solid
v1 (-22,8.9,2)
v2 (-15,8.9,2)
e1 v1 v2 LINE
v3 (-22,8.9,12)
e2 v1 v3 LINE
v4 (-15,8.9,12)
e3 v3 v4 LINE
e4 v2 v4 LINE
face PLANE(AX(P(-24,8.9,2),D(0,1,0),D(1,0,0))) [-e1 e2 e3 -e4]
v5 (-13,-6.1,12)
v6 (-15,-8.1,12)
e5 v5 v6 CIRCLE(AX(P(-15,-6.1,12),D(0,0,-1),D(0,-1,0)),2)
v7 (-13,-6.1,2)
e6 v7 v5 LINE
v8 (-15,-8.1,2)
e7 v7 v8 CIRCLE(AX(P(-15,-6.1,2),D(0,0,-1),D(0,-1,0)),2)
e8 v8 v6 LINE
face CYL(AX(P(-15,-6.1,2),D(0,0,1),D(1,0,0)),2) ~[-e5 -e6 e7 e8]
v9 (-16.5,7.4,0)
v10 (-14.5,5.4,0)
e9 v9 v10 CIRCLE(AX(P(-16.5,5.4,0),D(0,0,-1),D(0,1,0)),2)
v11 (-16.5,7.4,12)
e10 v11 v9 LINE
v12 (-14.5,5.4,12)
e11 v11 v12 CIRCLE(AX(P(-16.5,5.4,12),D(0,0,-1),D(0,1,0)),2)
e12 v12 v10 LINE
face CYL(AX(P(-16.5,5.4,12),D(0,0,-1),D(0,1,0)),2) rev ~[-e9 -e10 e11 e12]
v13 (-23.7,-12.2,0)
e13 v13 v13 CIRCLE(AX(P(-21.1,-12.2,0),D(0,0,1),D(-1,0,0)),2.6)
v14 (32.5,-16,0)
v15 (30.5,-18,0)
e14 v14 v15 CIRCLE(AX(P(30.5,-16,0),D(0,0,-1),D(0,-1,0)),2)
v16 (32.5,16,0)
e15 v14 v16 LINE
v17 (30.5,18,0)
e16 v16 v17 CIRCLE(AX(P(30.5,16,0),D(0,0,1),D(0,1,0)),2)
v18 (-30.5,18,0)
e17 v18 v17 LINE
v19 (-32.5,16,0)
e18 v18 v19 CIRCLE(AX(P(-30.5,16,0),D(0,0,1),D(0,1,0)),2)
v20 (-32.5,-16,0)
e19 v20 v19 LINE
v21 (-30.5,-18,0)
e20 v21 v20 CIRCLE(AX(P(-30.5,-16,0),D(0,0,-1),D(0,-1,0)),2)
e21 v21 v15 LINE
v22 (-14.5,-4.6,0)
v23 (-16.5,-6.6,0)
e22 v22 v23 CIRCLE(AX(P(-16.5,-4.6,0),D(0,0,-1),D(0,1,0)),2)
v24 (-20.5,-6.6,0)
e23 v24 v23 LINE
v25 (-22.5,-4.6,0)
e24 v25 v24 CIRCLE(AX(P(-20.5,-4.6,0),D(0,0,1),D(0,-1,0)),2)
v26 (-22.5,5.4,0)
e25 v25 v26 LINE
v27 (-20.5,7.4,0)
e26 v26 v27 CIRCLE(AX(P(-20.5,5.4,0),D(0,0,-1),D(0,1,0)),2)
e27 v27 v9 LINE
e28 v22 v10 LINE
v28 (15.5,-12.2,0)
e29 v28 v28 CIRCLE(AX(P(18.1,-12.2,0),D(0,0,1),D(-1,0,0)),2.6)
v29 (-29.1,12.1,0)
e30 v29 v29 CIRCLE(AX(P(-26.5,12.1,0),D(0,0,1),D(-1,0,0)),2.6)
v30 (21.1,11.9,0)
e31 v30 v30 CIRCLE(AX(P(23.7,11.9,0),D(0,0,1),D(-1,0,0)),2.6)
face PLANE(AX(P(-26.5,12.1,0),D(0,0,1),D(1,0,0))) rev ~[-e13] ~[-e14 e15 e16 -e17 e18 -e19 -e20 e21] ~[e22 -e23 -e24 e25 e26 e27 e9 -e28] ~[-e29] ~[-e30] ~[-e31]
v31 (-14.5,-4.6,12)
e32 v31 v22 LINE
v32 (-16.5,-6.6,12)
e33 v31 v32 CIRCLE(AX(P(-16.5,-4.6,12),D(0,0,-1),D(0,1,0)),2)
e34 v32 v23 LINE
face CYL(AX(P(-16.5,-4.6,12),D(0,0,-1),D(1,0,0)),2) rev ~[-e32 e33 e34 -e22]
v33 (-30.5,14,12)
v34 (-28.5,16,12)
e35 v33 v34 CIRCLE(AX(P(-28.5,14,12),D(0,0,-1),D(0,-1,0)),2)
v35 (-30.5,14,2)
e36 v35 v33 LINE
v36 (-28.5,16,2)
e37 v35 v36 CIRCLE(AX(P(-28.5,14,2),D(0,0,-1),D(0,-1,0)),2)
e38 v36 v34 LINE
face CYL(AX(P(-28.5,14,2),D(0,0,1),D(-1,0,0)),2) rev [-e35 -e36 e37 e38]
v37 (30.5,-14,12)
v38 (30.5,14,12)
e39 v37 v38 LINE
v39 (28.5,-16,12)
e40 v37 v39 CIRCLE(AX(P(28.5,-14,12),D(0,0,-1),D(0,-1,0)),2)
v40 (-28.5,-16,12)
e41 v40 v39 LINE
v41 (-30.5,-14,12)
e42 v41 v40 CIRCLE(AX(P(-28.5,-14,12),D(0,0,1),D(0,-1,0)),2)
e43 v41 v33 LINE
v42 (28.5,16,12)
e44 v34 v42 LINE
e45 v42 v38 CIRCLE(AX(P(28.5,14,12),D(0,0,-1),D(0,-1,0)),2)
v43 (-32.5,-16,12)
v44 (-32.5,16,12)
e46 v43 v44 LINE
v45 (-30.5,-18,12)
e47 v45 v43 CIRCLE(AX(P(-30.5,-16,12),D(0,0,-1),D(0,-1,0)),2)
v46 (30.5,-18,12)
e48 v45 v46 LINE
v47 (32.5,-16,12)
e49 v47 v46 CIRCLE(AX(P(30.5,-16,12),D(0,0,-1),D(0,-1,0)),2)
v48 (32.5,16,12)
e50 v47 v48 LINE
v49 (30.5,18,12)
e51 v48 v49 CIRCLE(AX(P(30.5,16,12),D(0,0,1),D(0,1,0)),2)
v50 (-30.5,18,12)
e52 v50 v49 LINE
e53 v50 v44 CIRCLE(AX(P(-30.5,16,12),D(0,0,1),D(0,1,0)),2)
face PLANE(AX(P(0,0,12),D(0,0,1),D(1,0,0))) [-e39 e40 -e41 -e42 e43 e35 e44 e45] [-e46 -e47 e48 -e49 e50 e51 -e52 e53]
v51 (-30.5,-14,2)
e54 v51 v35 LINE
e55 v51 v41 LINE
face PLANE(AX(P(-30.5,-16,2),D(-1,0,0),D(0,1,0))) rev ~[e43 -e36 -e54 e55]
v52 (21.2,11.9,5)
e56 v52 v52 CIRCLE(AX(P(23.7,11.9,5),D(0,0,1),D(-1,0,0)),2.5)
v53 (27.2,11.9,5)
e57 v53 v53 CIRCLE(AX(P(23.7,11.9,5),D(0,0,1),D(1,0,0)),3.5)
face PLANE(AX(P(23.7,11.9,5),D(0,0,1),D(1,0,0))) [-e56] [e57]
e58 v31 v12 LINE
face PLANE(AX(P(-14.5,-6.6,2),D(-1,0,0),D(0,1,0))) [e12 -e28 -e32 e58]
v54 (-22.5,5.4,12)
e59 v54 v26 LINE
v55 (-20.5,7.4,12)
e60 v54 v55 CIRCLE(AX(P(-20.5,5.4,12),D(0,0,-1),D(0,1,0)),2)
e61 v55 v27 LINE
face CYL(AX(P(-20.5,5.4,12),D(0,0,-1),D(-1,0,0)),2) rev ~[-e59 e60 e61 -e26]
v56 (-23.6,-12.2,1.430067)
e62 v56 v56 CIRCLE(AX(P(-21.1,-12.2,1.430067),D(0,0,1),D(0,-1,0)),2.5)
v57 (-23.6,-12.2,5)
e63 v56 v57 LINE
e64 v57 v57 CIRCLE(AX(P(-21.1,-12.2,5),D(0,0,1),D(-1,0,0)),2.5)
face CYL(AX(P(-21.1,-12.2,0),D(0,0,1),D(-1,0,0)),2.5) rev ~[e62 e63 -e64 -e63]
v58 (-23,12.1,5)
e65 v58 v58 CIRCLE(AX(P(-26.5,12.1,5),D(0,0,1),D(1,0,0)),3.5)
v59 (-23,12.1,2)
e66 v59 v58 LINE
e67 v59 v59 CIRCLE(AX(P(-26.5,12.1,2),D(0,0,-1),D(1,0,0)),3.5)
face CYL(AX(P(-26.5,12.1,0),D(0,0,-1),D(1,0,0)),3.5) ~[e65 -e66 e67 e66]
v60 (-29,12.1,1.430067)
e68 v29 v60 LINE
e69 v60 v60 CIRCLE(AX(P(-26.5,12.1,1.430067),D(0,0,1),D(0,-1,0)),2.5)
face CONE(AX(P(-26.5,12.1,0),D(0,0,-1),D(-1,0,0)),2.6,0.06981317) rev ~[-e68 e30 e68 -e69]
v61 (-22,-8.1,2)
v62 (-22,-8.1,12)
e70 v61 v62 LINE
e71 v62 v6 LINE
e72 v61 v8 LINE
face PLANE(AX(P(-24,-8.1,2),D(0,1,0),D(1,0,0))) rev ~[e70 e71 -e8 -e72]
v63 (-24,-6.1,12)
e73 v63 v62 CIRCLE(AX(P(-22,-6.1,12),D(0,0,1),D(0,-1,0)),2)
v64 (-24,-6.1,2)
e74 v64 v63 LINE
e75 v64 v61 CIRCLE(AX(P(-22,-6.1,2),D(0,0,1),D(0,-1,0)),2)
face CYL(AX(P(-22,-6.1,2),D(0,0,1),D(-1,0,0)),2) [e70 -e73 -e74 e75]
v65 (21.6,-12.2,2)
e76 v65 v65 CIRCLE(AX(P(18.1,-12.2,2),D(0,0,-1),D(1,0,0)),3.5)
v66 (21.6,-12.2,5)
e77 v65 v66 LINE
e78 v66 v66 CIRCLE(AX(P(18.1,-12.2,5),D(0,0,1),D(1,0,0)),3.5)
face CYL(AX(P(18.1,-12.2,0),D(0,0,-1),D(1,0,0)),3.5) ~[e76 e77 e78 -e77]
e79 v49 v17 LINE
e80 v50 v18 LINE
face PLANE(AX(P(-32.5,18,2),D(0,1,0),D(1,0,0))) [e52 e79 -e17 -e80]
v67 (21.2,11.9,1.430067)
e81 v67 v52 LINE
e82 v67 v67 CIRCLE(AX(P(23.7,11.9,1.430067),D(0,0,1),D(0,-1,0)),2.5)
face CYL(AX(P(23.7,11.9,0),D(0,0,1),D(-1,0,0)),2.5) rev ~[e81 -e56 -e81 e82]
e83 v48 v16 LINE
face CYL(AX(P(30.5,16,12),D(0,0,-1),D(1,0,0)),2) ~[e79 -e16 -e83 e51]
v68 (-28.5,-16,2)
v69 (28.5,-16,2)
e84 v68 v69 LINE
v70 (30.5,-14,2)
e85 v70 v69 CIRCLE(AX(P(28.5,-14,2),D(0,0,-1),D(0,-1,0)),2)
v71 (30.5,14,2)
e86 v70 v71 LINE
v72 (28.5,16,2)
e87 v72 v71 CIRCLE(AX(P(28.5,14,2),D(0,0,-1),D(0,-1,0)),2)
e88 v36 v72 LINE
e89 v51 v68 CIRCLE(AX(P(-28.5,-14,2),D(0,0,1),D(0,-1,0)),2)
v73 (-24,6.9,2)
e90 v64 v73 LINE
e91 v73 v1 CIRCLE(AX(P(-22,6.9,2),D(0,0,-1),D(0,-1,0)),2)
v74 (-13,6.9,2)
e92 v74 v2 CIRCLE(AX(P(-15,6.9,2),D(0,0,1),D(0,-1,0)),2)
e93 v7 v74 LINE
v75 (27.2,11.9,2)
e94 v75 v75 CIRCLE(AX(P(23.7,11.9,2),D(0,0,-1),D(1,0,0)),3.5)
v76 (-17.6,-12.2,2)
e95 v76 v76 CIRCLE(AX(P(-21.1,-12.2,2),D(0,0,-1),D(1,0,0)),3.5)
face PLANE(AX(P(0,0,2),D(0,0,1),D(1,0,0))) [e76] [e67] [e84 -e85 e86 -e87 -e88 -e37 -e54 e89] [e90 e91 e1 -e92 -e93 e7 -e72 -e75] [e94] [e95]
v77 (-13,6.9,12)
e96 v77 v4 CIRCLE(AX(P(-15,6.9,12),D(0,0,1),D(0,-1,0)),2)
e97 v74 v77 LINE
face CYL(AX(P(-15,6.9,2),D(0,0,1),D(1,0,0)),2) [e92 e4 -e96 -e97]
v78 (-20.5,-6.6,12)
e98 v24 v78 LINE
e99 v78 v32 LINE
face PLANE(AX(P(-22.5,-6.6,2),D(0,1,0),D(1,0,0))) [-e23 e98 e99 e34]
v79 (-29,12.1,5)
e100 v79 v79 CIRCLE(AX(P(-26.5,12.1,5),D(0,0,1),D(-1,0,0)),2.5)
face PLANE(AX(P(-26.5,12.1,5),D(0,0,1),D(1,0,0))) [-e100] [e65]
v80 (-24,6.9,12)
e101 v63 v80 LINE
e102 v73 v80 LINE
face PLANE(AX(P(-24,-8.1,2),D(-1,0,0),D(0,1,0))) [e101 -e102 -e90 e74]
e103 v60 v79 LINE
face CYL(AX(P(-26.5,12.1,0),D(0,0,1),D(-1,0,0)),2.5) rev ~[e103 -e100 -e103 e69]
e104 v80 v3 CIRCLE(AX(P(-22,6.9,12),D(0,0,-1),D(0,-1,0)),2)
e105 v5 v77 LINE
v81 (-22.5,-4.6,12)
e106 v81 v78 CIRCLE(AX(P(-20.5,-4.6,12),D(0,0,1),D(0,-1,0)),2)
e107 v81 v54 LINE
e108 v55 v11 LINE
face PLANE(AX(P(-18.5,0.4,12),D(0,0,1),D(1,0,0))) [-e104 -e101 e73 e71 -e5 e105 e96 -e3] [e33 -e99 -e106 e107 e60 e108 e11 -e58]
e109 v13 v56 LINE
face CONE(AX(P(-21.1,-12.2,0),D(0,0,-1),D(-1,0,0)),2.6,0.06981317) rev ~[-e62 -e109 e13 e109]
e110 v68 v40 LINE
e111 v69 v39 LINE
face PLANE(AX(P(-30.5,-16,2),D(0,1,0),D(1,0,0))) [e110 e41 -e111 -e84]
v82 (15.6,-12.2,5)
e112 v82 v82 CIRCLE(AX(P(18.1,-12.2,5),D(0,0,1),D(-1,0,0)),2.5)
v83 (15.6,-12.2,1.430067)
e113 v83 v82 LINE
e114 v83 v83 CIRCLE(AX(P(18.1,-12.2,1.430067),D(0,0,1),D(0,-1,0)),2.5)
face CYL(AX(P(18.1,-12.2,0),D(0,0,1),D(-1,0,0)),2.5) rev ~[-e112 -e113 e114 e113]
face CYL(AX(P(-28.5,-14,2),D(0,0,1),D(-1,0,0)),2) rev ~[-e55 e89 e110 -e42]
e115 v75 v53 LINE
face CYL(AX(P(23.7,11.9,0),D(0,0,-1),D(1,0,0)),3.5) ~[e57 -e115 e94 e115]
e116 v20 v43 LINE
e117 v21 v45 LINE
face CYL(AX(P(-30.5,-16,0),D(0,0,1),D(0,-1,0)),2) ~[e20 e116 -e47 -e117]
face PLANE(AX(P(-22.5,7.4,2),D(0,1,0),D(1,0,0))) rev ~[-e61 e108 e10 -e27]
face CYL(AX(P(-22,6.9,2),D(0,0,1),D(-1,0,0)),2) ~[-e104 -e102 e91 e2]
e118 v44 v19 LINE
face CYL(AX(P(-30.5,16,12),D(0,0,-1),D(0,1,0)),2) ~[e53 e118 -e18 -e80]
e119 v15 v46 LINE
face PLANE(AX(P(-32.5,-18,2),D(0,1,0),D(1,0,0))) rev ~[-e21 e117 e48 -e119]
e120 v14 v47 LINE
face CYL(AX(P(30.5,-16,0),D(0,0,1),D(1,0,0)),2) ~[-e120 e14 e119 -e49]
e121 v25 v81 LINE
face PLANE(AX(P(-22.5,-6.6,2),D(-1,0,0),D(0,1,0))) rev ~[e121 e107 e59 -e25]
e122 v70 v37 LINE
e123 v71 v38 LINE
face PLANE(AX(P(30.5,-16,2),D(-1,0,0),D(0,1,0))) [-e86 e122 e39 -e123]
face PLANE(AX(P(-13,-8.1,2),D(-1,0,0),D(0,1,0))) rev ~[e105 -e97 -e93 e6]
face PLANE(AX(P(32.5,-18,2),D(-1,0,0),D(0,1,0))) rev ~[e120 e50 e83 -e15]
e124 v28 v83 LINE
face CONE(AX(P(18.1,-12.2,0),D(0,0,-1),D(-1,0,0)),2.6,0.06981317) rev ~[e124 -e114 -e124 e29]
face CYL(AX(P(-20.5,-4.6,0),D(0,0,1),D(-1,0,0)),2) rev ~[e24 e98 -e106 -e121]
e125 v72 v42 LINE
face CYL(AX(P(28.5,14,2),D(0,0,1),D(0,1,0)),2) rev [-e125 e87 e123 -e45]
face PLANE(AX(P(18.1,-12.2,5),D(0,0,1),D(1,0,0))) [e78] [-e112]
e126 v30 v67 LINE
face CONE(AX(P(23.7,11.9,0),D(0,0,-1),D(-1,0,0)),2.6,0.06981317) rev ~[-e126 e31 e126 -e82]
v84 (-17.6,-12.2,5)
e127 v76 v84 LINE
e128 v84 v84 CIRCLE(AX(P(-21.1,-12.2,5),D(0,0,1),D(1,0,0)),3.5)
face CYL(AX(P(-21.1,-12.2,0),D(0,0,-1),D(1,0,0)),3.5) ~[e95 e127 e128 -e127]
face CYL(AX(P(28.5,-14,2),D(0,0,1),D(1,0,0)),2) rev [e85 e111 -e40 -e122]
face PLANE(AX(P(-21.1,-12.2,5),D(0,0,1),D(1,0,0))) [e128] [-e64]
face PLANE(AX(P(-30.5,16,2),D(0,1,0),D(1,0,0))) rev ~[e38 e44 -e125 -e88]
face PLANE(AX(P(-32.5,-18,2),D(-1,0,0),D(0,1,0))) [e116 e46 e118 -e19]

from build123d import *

# Parameters (mm, degrees)
SKETCH_W         = 65
SKETCH_H         = 36
PAD_DEPTH        = 2
SKETCH001_W      = 65
SKETCH001_H      = 36
SKETCH001_W_2    = 61
SKETCH001_H_2    = 32
PAD001_DEPTH     = 10
SKETCH002_R      = 3.5
PAD002_DEPTH     = 5
HOLE_D           = 5
HOLE_CSINK_D     = 5.2
HOLE_CSINK_ANGLE = 8
SKETCH003_W      = 8
SKETCH003_H      = 14
POCKET_DEPTH     = 12.001
SKETCH004_W      = 11
SKETCH004_H      = 17
SKETCH004_W_2    = 8
SKETCH004_H_2    = 14
PAD003_DEPTH     = 10
FILLET_R         = 2


with BuildPart() as part:
    # Sketch → Pad (new body)
    with BuildSketch(Plane.XY):
        Rectangle(SKETCH_W, SKETCH_H)
    extrude(amount=PAD_DEPTH)

    # Sketch001 → Pad001 (join)
    with BuildSketch(Plane.XY.offset(2)):
        Rectangle(SKETCH001_W, SKETCH001_H)
        Rectangle(SKETCH001_W_2, SKETCH001_H_2, mode=Mode.SUBTRACT)
    extrude(amount=PAD001_DEPTH)

    # Sketch002 → Pad002 (join)
    with BuildSketch(Plane.XY):
        with Locations((-26.5, 12.1)):
            Circle(SKETCH002_R)
        with Locations((-21.1, -12.2)):
            Circle(SKETCH002_R)
        with Locations((23.7, 11.9)):
            Circle(SKETCH002_R)
        with Locations((18.1, -12.2)):
            Circle(SKETCH002_R)
    extrude(amount=PAD002_DEPTH)

    # Hole (through all)
    with Locations(Plane(origin=(0, 0, 0), x_dir=(1, 0, 0), z_dir=(0, 0, -1))):
        with Locations((-26.5, -12.1), (-21.1, 12.2), (23.7, -11.9), (18.1, 12.2)):
            CounterSinkHole(HOLE_D / 2, HOLE_CSINK_D / 2, counter_sink_angle=HOLE_CSINK_ANGLE)

    # Sketch003 → Pocket (cut, through all)
    with BuildSketch(Plane.XY):
        with Locations((-18.5, 0.4)):
            Rectangle(SKETCH003_W, SKETCH003_H)
    extrude(amount=POCKET_DEPTH, mode=Mode.SUBTRACT)

    # Sketch004 → Pad003 (join)
    with BuildSketch(Plane.XY.offset(2)):
        with Locations((-18.5, 0.4)):
            Rectangle(SKETCH004_W, SKETCH004_H)
        with Locations((-18.5, 0.4)):
            Rectangle(SKETCH004_W_2, SKETCH004_H_2, mode=Mode.SUBTRACT)
    extrude(amount=PAD003_DEPTH)

    # Fillet
    fillet_edges = [part.edges().sort_by_distance(p)[0] for p in [
        (-32.5, -18, 7),
        (-30.5, -16, 7),
        (-32.5, 18, 7),
        (-30.5, 16, 7),
        (32.5, -18, 7),
        (30.5, -16, 7),
        (30.5, 16, 7),
        (32.5, 18, 7),
        (-13, -8.1, 7),
        (-24, -8.1, 7),
        (-22.5, -6.6, 7),
        (-14.5, -6.6, 7),
        (-24, 8.9, 7),
        (-22.5, 7.4, 7),
        (-13, 8.9, 7),
        (-14.5, 7.4, 7),
    ]]
    fillet(fillet_edges, radius=FILLET_R)


solid = part.part
